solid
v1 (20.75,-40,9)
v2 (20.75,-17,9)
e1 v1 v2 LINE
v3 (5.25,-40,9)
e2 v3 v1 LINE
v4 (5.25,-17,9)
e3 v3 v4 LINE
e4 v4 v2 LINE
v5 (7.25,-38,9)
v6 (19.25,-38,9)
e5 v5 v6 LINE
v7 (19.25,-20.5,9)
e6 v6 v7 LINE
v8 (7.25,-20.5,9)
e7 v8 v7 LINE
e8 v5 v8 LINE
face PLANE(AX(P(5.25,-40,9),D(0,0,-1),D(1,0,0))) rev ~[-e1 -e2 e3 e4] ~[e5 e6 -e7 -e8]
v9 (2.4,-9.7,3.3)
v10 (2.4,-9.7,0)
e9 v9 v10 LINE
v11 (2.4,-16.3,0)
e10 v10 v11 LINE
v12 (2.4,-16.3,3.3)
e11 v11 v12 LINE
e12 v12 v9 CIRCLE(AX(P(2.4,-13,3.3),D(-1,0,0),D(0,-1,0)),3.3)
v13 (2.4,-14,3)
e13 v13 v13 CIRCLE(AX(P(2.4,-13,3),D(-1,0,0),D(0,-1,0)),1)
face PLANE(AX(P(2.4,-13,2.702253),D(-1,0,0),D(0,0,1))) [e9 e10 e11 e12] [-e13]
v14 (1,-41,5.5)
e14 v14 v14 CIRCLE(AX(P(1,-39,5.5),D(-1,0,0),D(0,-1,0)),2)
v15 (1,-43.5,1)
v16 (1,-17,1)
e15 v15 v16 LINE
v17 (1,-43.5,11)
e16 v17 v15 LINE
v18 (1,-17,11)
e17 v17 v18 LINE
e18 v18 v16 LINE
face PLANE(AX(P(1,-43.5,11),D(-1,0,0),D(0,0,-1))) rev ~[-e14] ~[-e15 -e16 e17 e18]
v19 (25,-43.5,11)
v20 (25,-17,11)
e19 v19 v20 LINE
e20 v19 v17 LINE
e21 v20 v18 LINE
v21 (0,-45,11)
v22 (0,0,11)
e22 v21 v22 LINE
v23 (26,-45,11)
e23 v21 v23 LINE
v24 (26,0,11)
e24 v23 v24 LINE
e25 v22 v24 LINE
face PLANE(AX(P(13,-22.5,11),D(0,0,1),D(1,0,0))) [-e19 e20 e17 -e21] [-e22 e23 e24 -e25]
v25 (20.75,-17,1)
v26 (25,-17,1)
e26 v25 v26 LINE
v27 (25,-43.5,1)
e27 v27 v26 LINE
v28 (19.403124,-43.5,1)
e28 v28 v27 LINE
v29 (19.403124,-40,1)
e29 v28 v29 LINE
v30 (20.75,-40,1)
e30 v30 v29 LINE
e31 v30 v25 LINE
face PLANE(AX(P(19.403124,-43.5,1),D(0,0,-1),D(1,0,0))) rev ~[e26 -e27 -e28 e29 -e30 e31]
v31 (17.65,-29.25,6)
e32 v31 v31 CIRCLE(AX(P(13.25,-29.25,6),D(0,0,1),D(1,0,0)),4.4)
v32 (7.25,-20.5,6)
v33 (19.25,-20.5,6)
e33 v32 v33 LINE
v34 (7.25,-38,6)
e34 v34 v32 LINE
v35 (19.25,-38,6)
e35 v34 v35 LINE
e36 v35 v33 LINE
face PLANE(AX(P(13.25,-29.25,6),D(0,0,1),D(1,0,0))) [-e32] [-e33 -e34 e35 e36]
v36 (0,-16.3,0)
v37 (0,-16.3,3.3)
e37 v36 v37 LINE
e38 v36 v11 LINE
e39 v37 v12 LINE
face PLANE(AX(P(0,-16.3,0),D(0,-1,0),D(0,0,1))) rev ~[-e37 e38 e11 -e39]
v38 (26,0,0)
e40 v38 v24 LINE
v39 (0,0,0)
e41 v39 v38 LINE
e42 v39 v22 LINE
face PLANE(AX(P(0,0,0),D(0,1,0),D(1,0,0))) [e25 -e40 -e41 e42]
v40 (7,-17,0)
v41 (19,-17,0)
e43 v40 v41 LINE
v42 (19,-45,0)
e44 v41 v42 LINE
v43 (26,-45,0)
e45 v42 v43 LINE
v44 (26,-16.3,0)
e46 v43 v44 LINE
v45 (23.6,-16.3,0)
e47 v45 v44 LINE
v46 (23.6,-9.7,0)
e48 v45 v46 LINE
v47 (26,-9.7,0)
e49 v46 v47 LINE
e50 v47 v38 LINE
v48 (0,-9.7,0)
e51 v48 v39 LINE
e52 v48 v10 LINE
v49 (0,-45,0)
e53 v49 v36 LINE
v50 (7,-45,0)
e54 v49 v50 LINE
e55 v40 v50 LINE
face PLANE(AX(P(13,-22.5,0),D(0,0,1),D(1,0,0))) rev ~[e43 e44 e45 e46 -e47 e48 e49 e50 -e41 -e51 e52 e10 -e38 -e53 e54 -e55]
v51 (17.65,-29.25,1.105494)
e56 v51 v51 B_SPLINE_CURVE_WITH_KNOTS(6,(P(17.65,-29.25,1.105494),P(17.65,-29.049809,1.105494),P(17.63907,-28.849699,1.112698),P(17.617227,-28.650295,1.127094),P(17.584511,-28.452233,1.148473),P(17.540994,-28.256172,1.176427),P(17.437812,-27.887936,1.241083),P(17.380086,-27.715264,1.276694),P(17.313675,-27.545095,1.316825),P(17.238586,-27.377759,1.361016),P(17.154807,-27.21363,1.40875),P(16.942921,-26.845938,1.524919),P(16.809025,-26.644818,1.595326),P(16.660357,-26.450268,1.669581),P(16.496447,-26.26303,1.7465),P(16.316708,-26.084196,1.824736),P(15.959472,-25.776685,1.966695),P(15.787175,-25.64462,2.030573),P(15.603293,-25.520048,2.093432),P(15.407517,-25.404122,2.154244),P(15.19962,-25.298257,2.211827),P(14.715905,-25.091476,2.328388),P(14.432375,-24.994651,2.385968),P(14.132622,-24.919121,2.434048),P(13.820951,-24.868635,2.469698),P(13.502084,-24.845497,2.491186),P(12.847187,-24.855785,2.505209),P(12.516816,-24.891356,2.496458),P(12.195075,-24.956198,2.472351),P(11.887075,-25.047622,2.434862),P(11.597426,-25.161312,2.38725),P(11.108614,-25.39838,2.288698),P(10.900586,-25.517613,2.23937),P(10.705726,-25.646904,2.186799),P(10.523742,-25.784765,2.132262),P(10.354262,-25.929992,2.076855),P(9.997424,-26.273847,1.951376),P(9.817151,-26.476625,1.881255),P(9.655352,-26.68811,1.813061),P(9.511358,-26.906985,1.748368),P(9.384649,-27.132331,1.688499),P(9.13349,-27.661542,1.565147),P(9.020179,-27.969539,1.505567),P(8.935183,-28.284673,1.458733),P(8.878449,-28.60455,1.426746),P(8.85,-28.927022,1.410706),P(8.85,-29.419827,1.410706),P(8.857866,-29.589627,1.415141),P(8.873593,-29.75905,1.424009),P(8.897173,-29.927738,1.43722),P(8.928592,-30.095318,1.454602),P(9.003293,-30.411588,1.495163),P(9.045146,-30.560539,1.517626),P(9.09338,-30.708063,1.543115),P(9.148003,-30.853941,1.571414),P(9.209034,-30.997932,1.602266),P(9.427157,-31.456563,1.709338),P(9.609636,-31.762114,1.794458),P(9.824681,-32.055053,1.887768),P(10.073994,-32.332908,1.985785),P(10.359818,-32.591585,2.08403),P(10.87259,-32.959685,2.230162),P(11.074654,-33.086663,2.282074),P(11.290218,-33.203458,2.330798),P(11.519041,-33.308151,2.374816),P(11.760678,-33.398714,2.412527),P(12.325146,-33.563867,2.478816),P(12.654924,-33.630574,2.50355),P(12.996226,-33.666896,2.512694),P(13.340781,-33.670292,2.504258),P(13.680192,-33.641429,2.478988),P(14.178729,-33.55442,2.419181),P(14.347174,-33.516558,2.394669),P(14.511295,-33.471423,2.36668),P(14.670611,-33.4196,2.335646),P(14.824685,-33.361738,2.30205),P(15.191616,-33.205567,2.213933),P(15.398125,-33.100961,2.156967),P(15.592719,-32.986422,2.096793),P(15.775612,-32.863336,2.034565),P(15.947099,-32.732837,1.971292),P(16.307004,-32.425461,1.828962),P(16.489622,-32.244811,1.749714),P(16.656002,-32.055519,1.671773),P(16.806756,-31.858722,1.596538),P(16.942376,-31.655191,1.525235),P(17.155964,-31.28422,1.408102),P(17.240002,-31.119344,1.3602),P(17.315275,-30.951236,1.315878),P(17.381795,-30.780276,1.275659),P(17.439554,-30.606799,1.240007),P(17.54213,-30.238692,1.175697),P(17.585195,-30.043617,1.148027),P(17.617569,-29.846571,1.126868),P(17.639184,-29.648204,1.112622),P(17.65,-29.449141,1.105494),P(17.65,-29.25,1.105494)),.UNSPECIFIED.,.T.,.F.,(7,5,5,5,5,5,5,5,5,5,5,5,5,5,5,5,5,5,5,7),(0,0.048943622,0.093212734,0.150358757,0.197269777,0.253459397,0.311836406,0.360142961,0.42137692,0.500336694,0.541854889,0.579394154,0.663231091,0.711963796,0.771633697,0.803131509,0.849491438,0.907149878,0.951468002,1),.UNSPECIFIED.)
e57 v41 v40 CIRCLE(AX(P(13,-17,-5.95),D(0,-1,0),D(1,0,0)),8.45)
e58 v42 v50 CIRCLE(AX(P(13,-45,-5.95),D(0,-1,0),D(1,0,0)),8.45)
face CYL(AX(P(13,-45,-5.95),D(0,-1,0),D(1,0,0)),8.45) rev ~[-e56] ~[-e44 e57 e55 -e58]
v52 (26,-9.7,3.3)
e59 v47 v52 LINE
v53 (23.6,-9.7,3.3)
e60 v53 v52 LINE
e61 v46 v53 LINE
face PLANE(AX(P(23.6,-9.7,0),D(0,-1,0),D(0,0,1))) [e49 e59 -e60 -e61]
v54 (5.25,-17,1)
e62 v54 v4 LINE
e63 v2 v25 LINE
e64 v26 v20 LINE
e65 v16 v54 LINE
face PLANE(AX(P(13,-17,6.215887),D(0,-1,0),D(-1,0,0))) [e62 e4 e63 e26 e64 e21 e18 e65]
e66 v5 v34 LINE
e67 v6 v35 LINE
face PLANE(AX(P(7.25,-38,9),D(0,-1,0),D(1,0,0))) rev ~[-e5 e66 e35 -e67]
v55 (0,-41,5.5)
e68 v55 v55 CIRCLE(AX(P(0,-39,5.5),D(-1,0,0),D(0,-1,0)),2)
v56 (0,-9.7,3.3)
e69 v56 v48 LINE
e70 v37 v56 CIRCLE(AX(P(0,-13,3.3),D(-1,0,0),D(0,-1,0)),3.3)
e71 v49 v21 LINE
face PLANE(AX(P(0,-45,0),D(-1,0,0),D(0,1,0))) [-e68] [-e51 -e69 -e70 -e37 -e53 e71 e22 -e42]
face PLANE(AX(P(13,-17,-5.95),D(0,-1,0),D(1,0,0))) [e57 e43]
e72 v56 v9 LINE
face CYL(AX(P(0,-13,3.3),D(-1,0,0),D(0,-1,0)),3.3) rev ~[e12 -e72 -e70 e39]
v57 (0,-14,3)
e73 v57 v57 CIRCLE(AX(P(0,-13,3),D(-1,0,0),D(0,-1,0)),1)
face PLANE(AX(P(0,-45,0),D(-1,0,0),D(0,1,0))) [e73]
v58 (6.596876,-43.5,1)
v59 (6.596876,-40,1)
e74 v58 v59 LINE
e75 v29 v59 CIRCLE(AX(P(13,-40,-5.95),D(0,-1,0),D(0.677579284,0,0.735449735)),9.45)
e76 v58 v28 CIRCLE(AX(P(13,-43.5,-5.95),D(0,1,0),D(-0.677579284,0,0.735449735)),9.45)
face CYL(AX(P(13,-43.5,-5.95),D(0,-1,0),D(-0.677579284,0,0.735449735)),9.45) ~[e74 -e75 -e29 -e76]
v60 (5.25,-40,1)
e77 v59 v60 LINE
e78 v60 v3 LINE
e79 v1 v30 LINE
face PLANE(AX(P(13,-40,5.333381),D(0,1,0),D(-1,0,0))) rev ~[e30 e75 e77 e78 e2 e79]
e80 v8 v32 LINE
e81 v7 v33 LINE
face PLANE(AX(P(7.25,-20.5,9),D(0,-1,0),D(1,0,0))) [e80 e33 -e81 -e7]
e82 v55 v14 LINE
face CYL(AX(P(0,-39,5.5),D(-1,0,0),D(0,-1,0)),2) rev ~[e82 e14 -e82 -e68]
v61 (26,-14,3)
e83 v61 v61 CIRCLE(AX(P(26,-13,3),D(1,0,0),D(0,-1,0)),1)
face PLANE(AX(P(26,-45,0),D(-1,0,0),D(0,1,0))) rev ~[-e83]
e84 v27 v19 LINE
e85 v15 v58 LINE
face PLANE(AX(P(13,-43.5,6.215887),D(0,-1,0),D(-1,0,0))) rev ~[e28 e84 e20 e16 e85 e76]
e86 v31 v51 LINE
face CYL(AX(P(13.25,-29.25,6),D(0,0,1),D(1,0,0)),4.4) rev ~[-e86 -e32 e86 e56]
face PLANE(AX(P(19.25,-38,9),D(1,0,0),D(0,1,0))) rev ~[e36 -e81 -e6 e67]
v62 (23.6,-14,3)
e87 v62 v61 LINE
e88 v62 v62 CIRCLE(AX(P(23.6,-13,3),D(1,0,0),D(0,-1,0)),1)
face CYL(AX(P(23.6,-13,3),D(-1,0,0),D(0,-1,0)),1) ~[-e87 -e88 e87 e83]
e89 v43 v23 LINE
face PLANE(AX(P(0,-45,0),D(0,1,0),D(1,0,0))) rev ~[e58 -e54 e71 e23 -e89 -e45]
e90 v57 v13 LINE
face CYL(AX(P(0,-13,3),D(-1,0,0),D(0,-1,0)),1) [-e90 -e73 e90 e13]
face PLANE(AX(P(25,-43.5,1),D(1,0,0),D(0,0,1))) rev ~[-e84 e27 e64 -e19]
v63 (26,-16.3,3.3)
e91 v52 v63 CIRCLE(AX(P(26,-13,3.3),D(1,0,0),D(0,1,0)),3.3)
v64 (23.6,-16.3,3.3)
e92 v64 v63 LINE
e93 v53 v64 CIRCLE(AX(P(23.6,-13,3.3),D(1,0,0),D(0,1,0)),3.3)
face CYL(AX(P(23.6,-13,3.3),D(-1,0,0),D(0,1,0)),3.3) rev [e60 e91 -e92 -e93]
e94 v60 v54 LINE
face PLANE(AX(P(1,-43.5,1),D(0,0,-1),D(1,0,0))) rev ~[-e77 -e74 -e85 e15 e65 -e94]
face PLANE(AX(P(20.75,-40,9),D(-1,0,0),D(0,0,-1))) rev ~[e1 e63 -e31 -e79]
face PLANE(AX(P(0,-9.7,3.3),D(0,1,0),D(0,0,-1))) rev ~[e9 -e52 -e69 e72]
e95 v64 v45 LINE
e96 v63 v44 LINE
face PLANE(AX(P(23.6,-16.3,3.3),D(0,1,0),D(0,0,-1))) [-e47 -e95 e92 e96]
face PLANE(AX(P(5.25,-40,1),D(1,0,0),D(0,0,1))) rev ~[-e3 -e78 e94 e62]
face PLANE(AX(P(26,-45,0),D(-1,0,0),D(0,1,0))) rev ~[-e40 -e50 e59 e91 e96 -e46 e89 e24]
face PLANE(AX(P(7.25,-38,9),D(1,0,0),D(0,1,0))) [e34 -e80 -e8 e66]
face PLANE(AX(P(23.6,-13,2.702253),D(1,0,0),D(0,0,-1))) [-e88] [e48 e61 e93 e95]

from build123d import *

# Parameters (mm, degrees)
SKETCH1_W           = 26
SKETCH1_H           = 45
BOSS_EXTRUDE1_DEPTH = 11
SKETCH2_R           = 8.45
CUT_EXTRUDE1_DEPTH  = 28
CUT_EXTRUDE2_DEPTH  = 26.5
BOSS_EXTRUDE2_START = 23
BOSS_EXTRUDE2_DEPTH = 23
SKETCH6_W           = 12
SKETCH6_H           = 17.5
CUT_EXTRUDE3_DEPTH  = 3
SKETCH7_R           = 4.4
CUT_EXTRUDE4_DEPTH  = 53.316345438
SKETCH8_R           = 2
CUT_EXTRUDE5_DEPTH  = 3
SKETCH9_R           = 1
CUT_EXTRUDE6_DEPTH  = 2.4
CUT_EXTRUDE7_START  = -2.4
SKETCH10_R          = 1
CUT_EXTRUDE7_DEPTH  = 2.4


with BuildPart() as part:
    # Sketch1 → Boss-Extrude1 (new body)
    with BuildSketch(Plane.XY):
        with Locations((13, -22.5)):
            Rectangle(SKETCH1_W, SKETCH1_H)
    extrude(amount=BOSS_EXTRUDE1_DEPTH)

    # Sketch2 → Cut-Extrude1 (cut)
    with BuildSketch(Plane.XZ.offset(45)):
        with Locations((13, -5.95)):
            Circle(SKETCH2_R)
    extrude(amount=-CUT_EXTRUDE1_DEPTH, mode=Mode.SUBTRACT)

    # Sketch4 → Cut-Extrude2 (cut)
    with BuildSketch(Plane(origin=(0, -43.5, 0), x_dir=(-1, 0, 0), z_dir=(0, -1, 0))):
        with BuildLine():
            Line((-1, -11), (-1, -1))
            Line((-1, -1), (-6.596875763, -1))
            ThreePointArc((-6.596875763, -1), (-13, -3.5), (-19.403124237, -1))
            Line((-19.403124237, -1), (-25, -1))
            Line((-25, -1), (-25, -11))
            Line((-25, -11), (-1, -11))
        make_face()
    extrude(amount=-CUT_EXTRUDE2_DEPTH, mode=Mode.SUBTRACT)

    # Sketch5 → Boss-Extrude2 (add)
    with BuildSketch(Plane.XZ.offset(17).offset(BOSS_EXTRUDE2_START)):
        with BuildLine():
            Line((6.596875763, 1), (5.25, 1))
            Line((5.25, 1), (5.25, 9))
            Line((5.25, 9), (20.75, 9))
            Line((20.75, 9), (20.75, 1))
            Line((20.75, 1), (19.403124237, 1))
            ThreePointArc((19.403124237, 1), (13, 3.5), (6.596875763, 1))
        make_face()
    extrude(amount=-BOSS_EXTRUDE2_DEPTH)

    # Sketch6 → Cut-Extrude3 (cut)
    with BuildSketch(Plane.XY.offset(9)):
        with Locations((13.25, -29.25)):
            Rectangle(SKETCH6_W, SKETCH6_H)
    extrude(amount=-CUT_EXTRUDE3_DEPTH, mode=Mode.SUBTRACT)

    # Sketch7 → Cut-Extrude4 (cut, through all)
    with BuildSketch(Plane.XY.offset(6)):
        with Locations((13.25, -29.25)):
            Circle(SKETCH7_R)
    extrude(amount=-CUT_EXTRUDE4_DEPTH, mode=Mode.SUBTRACT)

    # Sketch8 → Cut-Extrude5 (cut)
    with BuildSketch(Plane.ZY):
        with Locations(Location((5.5, -39, 0), (0, 0, 270))):
            Circle(SKETCH8_R)
    extrude(amount=-CUT_EXTRUDE5_DEPTH, mode=Mode.SUBTRACT)

    # Sketch9 → Cut-Extrude6 (cut)
    with BuildSketch(Plane.ZY):
        with BuildLine():
            Line((0, -16.3), (3.3, -16.3))
            ThreePointArc((3.3, -16.3), (6.6, -13), (3.3, -9.7))
            Line((3.3, -9.7), (0, -9.7))
            Line((0, -9.7), (0, -16.3))
        make_face()
        with Locations(Location((3, -13, 0), (0, 0, 270))):
            Circle(SKETCH9_R, mode=Mode.SUBTRACT)
    extrude(amount=-CUT_EXTRUDE6_DEPTH, mode=Mode.SUBTRACT)

    # Sketch10 → Cut-Extrude7 (cut)
    with BuildSketch(Plane(origin=(26, 0, 0), x_dir=(0, 0, -1), z_dir=(1, 0, 0)).offset(CUT_EXTRUDE7_START)):
        with BuildLine():
            Line((0, -16.3), (0, -9.7))
            Line((0, -9.7), (-3.3, -9.7))
            ThreePointArc((-3.3, -9.7), (-6.6, -13), (-3.3, -16.3))
            Line((-3.3, -16.3), (0, -16.3))
        make_face()
        with Locations(Location((-3, -13, 0), (0, 0, 270))):
            Circle(SKETCH10_R, mode=Mode.SUBTRACT)
    extrude(amount=CUT_EXTRUDE7_DEPTH, mode=Mode.SUBTRACT)


solid = part.part
